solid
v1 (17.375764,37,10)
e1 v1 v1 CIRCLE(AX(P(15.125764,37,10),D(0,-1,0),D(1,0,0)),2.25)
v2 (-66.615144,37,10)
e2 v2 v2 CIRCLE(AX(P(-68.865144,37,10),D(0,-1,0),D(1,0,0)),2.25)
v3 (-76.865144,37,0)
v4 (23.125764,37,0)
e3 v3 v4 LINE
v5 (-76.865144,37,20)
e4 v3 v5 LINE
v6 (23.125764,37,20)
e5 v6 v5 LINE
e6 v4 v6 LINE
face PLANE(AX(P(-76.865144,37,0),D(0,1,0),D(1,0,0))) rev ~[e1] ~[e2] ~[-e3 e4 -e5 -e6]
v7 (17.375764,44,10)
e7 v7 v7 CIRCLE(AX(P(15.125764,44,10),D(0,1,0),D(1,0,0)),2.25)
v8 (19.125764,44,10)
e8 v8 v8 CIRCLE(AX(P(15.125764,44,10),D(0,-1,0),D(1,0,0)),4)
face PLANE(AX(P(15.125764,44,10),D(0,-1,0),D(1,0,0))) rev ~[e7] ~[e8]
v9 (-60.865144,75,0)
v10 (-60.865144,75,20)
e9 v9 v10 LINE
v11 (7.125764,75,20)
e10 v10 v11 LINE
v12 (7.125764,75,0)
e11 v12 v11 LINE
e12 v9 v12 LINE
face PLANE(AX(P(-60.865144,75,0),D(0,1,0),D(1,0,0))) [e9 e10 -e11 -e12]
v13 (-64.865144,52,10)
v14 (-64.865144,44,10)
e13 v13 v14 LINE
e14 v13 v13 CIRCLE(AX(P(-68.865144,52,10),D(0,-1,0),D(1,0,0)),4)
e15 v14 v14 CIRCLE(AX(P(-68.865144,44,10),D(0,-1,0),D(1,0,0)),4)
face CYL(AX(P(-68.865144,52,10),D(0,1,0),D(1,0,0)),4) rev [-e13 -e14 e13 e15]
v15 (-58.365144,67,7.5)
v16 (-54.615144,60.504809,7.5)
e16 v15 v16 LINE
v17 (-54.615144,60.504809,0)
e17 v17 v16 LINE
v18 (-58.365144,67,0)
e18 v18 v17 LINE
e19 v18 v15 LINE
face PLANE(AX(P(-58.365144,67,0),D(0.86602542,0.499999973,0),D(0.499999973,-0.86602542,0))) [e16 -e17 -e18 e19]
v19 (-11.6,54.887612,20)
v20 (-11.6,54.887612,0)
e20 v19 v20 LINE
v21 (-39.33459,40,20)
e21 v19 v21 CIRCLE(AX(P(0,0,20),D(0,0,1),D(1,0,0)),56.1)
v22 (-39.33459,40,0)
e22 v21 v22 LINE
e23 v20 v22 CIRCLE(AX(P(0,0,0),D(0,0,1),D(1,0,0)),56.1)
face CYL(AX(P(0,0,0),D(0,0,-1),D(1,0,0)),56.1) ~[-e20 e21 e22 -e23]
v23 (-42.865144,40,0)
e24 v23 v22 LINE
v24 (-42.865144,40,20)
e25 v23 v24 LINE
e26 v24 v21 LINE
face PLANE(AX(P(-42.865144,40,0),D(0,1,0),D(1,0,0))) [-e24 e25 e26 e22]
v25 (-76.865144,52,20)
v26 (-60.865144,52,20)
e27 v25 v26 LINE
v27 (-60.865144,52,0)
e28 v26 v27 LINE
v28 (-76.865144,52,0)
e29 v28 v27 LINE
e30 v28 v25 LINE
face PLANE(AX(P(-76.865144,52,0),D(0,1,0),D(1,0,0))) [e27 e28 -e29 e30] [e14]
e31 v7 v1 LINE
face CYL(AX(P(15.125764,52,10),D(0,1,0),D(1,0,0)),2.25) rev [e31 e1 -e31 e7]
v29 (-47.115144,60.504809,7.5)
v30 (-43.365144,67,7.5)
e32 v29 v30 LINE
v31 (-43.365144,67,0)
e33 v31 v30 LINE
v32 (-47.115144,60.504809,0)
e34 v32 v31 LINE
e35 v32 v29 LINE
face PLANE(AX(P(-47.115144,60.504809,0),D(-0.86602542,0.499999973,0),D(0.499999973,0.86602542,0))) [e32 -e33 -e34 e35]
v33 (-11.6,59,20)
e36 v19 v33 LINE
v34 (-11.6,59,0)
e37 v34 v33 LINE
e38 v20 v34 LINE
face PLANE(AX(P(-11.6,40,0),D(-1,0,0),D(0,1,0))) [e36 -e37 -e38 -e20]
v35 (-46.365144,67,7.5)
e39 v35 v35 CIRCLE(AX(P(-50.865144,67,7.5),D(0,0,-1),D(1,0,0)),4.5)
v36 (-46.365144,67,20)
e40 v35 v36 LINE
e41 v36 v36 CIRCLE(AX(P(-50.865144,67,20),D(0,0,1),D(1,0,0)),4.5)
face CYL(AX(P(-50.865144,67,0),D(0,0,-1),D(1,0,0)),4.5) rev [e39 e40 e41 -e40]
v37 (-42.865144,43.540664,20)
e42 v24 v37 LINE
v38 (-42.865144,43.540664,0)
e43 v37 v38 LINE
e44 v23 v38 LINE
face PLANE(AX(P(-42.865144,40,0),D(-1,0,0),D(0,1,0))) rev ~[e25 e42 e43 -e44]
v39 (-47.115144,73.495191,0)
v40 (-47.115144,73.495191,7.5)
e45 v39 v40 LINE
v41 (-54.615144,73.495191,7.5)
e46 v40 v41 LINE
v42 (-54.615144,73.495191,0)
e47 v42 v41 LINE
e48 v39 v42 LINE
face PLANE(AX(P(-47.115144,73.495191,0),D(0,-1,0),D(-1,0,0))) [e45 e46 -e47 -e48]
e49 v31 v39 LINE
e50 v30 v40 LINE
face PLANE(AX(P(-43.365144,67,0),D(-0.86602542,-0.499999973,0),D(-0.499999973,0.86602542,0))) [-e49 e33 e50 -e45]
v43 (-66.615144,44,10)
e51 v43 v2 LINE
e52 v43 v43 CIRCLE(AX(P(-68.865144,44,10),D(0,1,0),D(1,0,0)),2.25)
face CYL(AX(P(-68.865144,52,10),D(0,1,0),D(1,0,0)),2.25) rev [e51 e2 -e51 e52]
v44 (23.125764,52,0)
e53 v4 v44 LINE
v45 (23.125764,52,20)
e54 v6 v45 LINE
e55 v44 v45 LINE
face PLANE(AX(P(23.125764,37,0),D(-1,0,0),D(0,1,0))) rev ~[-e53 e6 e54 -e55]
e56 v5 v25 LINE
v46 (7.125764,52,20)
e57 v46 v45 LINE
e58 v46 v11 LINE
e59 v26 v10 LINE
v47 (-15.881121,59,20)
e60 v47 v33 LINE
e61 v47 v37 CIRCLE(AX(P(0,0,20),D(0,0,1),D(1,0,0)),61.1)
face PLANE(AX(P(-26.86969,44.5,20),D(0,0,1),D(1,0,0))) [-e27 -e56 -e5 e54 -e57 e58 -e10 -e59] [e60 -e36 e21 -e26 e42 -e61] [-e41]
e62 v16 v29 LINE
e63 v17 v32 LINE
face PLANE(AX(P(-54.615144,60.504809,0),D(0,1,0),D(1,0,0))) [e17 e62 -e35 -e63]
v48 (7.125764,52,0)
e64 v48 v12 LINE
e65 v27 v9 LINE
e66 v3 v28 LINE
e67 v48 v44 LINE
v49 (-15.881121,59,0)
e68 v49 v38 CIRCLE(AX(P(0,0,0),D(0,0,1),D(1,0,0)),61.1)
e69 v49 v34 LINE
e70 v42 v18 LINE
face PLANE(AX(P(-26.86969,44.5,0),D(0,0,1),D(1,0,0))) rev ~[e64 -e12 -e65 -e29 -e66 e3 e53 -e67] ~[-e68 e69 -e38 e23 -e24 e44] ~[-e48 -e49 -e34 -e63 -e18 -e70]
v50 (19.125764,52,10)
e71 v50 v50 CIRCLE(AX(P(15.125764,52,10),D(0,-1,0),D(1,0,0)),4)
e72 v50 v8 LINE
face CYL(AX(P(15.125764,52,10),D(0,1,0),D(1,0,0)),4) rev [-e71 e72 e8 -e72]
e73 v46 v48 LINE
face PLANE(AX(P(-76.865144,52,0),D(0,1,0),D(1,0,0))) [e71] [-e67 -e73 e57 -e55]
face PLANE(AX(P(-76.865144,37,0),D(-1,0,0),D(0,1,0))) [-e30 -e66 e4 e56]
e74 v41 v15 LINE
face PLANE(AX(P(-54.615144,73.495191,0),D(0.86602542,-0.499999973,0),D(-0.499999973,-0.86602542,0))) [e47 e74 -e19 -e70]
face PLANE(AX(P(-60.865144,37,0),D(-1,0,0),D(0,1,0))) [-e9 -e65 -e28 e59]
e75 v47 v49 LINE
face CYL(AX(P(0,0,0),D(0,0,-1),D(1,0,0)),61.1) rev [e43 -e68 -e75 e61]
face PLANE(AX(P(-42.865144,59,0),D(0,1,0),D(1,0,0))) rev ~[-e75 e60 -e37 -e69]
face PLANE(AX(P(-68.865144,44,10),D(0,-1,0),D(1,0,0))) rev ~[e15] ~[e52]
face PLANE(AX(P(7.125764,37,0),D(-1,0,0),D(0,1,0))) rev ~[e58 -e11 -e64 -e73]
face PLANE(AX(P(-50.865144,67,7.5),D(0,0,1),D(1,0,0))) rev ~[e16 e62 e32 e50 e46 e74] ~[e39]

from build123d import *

# Parameters (mm, degrees)
CYLINDER019_R             = 1.7
CYLINDER019_DEPTH         = 20
PAD004_DEPTH              = 7.5
BOX003_W                  = 31.265144
BOX003_H                  = 19
BOX003_DEPTH              = 20
CYLINDER_R                = 56.1
CYLINDER_DEPTH            = 20
CYLINDER017_R             = 61.1
CYLINDER017_DEPTH         = 20
CYLINDER020_R             = 3.5
CYLINDER020_DEPTH         = 5
CYLINDER021_R             = 4
CYLINDER021_DEPTH         = 8
CYLINDER022_R             = 2.25
CYLINDER022_DEPTH         = 15
FUSION008_PLACEMENT_ANGLE = 90
CYLINDER023_R             = 4
CYLINDER023_DEPTH         = 8
CYLINDER024_R             = 2.25
CYLINDER024_DEPTH         = 15
FUSION009_PLACEMENT_ANGLE = 90
CYLINDER018_R             = 4.5
CYLINDER018_DEPTH         = 20
BOX005_W                  = 99.990908
BOX005_H                  = 15
BOX005_DEPTH              = 20
BOX004_W                  = 67.990908
BOX004_H                  = 38
BOX004_DEPTH              = 20


with BuildPart() as cylinder019:
    # Cylinder019 → Cylinder019 (new body)
    with BuildSketch(Plane(origin=(14.125764, 59, 0), x_dir=(1, 0, 0), z_dir=(0, 0, 1))):
        Circle(CYLINDER019_R)
    extrude(amount=CYLINDER019_DEPTH)


with BuildPart() as m8press002:
    # Sketch004 → Pad004 (new body)
    with BuildSketch(Plane.XY):
        Polygon((7.5, 0), (3.75, 6.495191), (-3.75, 6.495191), (-7.5, 0), (-3.75, -6.495191), (3.75, -6.495191), align=None)
    extrude(amount=PAD004_DEPTH)


with BuildPart() as m8press002_1:
    # Body004 placement: moved
    add(m8press002.part.moved(Location((-50.865144, 67, 0))))


with BuildPart() as cube003:
    # Box003 → Box003 (new body)
    with BuildSketch(Plane(origin=(-42.865144, 40, 0), x_dir=(1, 0, 0), z_dir=(0, 0, 1))):
        with Locations((15.632572, 9.5)):
            Rectangle(BOX003_W, BOX003_H)
    extrude(amount=BOX003_DEPTH)


with BuildPart() as cylinder:
    # Cylinder → Cylinder (new body)
    with BuildSketch(Plane.XY):
        Circle(CYLINDER_R)
    extrude(amount=CYLINDER_DEPTH)


with BuildPart() as common:
    # Cylinder017 → Cylinder017 (new body)
    with BuildSketch(Plane.XY):
        Circle(CYLINDER017_R)
    extrude(amount=CYLINDER017_DEPTH)

    # Cut: cut Cylinder
    add(cylinder.part, mode=Mode.SUBTRACT)

    # Common: intersect Cube003
    add(cube003.part, mode=Mode.INTERSECT)


with BuildPart() as cylinder020:
    # Cylinder020 → Cylinder020 (new body)
    with BuildSketch(Plane(origin=(14.125764, 59, 15), x_dir=(1, 0, 0), z_dir=(0, 0, 1))):
        Circle(CYLINDER020_R)
    extrude(amount=CYLINDER020_DEPTH)


with BuildPart() as cylinder021:
    # Cylinder021 → Cylinder021 (new body)
    with BuildSketch(Plane.XY):
        Circle(CYLINDER021_R)
    extrude(amount=CYLINDER021_DEPTH)


with BuildPart() as fusion008:
    # Cylinder022 → Cylinder022 (new body)
    with BuildSketch(Plane.XY):
        Circle(CYLINDER022_R)
    extrude(amount=CYLINDER022_DEPTH)

    # Fusion008: union Cylinder021
    add(cylinder021.part)


with BuildPart() as fusion008_1:
    # Fusion008 placement: moved
    add(fusion008.part.moved(Location((-68.865144, 52, 10))).rotate(Axis((-68.865144, 52, 10), (1, 0, 0)), FUSION008_PLACEMENT_ANGLE))


with BuildPart() as cylinder023:
    # Cylinder023 → Cylinder023 (new body)
    with BuildSketch(Plane.XY):
        Circle(CYLINDER023_R)
    extrude(amount=CYLINDER023_DEPTH)


with BuildPart() as fusion009:
    # Cylinder024 → Cylinder024 (new body)
    with BuildSketch(Plane.XY):
        Circle(CYLINDER024_R)
    extrude(amount=CYLINDER024_DEPTH)

    # Fusion009: union Cylinder023
    add(cylinder023.part)


with BuildPart() as fusion009_1:
    # Fusion009 placement: moved
    add(fusion009.part.moved(Location((15.125764, 52, 10))).rotate(Axis((15.125764, 52, 10), (1, 0, 0)), FUSION009_PLACEMENT_ANGLE))


with BuildPart() as fusion011:
    # Cylinder018 → Cylinder018 (new body)
    with BuildSketch(Plane(origin=(-50.865144, 67, 0), x_dir=(1, 0, 0), z_dir=(0, 0, 1))):
        Circle(CYLINDER018_R)
    extrude(amount=CYLINDER018_DEPTH)

    # Fusion011: union Cylinder019, M8Press002, Common, Cylinder020, Fusion008, Fusion009
    add(cylinder019.part)
    add(m8press002_1.part)
    add(common.part)
    add(cylinder020.part)
    add(fusion008_1.part)
    add(fusion009_1.part)


with BuildPart() as cube005:
    # Box005 → Box005 (new body)
    with BuildSketch(Plane(origin=(-76.865144, 37, 0), x_dir=(1, 0, 0), z_dir=(0, 0, 1))):
        with Locations((49.995454, 7.5)):
            Rectangle(BOX005_W, BOX005_H)
    extrude(amount=BOX005_DEPTH)


with BuildPart() as cut006:
    # Box004 → Box004 (new body)
    with BuildSketch(Plane(origin=(-60.865144, 37, 0), x_dir=(1, 0, 0), z_dir=(0, 0, 1))):
        with Locations((33.995454, 19)):
            Rectangle(BOX004_W, BOX004_H)
    extrude(amount=BOX004_DEPTH)

    # Fusion010: union Cube005
    add(cube005.part)

    # Cut006: cut Fusion011
    add(fusion011.part, mode=Mode.SUBTRACT)


solid = cut006.part
